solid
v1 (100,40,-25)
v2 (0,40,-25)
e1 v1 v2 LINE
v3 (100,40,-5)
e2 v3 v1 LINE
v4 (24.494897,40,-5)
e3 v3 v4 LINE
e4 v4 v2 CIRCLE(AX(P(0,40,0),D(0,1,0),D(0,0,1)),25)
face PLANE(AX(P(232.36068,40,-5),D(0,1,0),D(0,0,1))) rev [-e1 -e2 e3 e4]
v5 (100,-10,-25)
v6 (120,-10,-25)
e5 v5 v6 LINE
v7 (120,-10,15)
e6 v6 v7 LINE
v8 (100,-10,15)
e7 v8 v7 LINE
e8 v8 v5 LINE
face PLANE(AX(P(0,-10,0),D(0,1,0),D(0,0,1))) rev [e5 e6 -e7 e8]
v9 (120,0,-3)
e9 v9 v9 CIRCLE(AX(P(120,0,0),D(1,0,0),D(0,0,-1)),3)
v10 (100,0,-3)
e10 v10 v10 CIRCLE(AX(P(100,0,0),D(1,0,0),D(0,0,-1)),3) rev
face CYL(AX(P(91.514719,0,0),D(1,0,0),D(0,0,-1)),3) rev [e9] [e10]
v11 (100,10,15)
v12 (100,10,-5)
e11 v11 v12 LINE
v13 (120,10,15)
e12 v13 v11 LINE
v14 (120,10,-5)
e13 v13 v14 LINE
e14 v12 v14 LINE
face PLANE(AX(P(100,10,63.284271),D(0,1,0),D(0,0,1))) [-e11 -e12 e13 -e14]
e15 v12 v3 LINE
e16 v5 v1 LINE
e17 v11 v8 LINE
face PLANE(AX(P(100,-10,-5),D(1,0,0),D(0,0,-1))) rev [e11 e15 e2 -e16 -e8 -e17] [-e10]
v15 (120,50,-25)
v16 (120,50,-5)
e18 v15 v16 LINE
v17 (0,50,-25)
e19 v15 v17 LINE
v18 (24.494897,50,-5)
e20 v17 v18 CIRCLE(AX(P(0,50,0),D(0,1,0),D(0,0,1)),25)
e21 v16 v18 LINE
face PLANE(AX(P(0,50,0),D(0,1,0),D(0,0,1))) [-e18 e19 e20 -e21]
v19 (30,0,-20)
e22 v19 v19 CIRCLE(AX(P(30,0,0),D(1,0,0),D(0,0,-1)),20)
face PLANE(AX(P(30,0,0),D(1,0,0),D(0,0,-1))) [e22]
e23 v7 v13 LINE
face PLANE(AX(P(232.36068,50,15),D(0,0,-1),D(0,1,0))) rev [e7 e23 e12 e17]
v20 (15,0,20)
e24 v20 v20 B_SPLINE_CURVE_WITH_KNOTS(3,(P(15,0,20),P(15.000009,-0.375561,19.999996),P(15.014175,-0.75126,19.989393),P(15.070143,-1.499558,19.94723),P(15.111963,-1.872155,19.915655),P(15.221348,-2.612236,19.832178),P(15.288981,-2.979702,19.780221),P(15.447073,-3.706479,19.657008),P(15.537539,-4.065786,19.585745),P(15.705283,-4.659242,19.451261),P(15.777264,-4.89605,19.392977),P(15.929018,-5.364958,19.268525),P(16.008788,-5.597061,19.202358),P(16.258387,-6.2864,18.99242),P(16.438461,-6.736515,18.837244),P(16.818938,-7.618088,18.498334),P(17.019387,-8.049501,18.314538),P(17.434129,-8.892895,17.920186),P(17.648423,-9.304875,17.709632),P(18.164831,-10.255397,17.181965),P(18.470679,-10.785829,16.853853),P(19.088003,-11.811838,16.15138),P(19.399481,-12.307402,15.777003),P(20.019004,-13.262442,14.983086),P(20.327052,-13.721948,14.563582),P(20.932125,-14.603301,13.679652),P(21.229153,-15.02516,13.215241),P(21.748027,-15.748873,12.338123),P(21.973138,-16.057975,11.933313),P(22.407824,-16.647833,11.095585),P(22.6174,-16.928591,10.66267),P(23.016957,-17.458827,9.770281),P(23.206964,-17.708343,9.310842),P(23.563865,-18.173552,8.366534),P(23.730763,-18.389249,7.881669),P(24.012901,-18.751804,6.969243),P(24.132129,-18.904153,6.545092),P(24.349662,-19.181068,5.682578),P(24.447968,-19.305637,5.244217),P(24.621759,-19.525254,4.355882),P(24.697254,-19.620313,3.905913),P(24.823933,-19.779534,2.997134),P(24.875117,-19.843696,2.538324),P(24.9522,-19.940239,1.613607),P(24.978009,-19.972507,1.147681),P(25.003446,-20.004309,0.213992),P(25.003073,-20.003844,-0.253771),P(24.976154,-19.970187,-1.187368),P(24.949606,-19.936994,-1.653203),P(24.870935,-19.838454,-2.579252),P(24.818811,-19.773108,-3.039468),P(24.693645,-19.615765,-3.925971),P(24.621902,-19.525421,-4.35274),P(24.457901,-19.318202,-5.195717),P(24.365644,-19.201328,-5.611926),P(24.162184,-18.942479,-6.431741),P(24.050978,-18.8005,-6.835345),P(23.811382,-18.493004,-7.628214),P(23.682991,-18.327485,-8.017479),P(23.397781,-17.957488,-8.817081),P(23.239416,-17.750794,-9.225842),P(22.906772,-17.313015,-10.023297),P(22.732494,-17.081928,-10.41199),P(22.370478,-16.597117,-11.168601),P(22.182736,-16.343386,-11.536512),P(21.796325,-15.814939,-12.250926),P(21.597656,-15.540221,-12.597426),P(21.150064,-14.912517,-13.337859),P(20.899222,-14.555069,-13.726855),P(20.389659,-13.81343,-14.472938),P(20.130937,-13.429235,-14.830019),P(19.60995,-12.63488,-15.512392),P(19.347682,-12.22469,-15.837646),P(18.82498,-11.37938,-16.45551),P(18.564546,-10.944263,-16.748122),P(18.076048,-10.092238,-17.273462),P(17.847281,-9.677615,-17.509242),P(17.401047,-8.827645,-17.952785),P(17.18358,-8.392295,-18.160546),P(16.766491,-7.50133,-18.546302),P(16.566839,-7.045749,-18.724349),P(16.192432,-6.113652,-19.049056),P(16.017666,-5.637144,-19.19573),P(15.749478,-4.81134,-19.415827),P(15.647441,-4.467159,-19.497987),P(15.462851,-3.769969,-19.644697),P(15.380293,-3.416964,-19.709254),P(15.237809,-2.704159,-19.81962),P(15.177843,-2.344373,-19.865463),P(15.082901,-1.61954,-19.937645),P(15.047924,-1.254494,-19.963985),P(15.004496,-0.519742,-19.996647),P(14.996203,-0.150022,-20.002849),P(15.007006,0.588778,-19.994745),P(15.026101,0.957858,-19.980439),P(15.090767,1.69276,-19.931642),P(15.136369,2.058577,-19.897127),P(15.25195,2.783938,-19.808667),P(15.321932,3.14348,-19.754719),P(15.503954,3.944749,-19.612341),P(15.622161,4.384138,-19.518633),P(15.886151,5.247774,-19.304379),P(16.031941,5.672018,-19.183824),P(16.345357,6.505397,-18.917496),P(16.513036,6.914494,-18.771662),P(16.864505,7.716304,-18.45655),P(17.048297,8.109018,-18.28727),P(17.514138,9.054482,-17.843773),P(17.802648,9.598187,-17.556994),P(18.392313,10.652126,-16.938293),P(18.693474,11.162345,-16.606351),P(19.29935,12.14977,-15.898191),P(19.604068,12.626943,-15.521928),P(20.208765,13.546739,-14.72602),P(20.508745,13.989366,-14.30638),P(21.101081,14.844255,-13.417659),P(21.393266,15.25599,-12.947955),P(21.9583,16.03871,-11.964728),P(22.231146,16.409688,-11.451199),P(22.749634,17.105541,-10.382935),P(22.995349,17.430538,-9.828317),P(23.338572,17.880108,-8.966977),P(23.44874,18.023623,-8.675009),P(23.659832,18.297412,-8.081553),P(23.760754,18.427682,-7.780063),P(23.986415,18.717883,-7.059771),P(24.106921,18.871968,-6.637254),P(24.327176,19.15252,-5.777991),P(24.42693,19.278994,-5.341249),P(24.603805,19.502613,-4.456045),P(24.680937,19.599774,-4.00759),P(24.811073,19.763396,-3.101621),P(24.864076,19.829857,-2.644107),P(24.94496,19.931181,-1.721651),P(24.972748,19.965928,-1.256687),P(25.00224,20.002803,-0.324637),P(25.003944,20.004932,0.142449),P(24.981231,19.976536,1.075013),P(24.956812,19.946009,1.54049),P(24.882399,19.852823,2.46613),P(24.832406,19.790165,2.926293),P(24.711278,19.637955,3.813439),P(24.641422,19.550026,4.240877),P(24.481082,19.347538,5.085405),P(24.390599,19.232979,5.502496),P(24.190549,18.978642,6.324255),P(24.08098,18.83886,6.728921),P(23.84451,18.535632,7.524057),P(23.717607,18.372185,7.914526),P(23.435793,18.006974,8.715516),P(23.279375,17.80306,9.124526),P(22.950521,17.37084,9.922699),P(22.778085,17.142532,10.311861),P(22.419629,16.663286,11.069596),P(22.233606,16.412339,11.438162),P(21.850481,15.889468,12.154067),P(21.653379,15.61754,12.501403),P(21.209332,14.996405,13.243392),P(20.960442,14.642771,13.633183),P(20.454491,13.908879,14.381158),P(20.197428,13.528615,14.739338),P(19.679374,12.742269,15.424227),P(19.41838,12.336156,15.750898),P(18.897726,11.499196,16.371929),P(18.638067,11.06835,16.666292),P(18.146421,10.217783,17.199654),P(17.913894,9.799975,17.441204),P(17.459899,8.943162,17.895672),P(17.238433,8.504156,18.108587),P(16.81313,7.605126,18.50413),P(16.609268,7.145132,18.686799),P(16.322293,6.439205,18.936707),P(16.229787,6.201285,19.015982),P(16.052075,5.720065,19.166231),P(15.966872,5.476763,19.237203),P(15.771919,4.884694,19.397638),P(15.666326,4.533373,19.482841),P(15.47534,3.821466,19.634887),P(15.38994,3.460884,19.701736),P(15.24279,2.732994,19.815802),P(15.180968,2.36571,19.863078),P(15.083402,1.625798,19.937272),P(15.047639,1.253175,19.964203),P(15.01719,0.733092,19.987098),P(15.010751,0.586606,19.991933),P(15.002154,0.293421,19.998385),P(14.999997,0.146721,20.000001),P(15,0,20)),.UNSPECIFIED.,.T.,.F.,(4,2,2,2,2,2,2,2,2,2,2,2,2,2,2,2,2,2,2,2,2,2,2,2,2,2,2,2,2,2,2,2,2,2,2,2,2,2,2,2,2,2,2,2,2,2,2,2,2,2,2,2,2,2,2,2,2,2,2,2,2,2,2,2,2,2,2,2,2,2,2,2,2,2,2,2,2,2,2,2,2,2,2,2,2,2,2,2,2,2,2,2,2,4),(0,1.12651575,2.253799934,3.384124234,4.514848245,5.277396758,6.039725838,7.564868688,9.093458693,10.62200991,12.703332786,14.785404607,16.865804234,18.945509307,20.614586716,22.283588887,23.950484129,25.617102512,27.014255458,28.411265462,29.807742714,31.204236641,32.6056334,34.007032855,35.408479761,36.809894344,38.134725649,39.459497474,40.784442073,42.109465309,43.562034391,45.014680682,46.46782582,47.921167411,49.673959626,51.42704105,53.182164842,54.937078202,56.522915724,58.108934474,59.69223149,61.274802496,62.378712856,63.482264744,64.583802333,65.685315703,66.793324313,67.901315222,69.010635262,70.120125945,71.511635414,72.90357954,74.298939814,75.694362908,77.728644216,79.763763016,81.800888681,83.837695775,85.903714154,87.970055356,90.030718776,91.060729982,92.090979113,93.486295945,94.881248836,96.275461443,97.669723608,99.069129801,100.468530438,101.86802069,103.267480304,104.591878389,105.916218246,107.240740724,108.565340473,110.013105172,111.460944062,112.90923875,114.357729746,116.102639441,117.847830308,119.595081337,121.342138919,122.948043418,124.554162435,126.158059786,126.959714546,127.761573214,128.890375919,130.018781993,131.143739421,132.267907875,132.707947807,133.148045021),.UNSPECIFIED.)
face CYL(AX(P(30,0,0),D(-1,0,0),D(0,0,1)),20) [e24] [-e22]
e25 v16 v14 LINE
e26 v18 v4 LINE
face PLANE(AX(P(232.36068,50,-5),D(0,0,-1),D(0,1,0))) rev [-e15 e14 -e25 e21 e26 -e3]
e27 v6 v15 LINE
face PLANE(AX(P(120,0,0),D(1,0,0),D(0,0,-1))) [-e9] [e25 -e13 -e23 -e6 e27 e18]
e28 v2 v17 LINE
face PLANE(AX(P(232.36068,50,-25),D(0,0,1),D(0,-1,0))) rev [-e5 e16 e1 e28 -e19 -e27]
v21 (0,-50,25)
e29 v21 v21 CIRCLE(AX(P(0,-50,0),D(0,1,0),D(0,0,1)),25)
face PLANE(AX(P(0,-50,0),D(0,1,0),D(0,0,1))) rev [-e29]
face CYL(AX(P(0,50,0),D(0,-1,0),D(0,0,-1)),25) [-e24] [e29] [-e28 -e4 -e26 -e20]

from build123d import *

# Parameters (mm, degrees)
SKETCH1_R           = 25
BOSS_EXTRUDE1_DEPTH = 50
SKETCH2_R           = 20
BOSS_EXTRUDE2_DEPTH = 30
SKETCH3_W           = 20
SKETCH3_H           = 10
BOSS_EXTRUDE3_DEPTH = 120
SKETCH4_W           = 20
SKETCH4_H           = 20
BOSS_EXTRUDE4_DEPTH = 50
SKETCH5_W           = 20
SKETCH5_H           = 20
BOSS_EXTRUDE5_DEPTH = 40
SKETCH6_R           = 3
CUT_EXTRUDE1_DEPTH  = 20


with BuildPart() as part:
    # Sketch1 → Boss-Extrude1 (new, symmetric)
    with BuildSketch(Plane(origin=(0, 0, 0), x_dir=(1, 0, 0), z_dir=(0, 1, 0))):
        with Locations(Location((0, 0, 0), (0, 0, 270))):
            Circle(SKETCH1_R)
    extrude(amount=BOSS_EXTRUDE1_DEPTH, both=True)

    # Sketch2 → Boss-Extrude2 (add)
    with BuildSketch(Plane(origin=(0, 0, 0), x_dir=(0, 0, -1), z_dir=(1, 0, 0))):
        with Locations(Location((0, 0, 0), (0, 0, 180))):
            Circle(SKETCH2_R)
    extrude(amount=BOSS_EXTRUDE2_DEPTH)

    # Sketch3 → Boss-Extrude3 (add)
    with BuildSketch(Plane(origin=(0, 0, 0), x_dir=(0, 0, -1), z_dir=(1, 0, 0))):
        with Locations((15, 45)):
            Rectangle(SKETCH3_W, SKETCH3_H)
    extrude(amount=BOSS_EXTRUDE3_DEPTH)

    # Sketch4 → Boss-Extrude4 (add)
    with BuildSketch(Plane.XZ.offset(-40)):
        with Locations((110, -15)):
            Rectangle(SKETCH4_W, SKETCH4_H)
    extrude(amount=BOSS_EXTRUDE4_DEPTH)

    # Sketch5 → Boss-Extrude5 (add)
    with BuildSketch(Plane(origin=(0, 0, -25), x_dir=(-1, 0, 0), z_dir=(0, 0, -1))):
        with Locations((-110, 0)):
            Rectangle(SKETCH5_W, SKETCH5_H)
    extrude(amount=-BOSS_EXTRUDE5_DEPTH)

    # Sketch6 → Cut-Extrude1 (cut)
    with BuildSketch(Plane(origin=(120, 0, 0), x_dir=(0, 0, -1), z_dir=(1, 0, 0))):
        Circle(SKETCH6_R)
    extrude(amount=-CUT_EXTRUDE1_DEPTH, mode=Mode.SUBTRACT)


solid = part.part
